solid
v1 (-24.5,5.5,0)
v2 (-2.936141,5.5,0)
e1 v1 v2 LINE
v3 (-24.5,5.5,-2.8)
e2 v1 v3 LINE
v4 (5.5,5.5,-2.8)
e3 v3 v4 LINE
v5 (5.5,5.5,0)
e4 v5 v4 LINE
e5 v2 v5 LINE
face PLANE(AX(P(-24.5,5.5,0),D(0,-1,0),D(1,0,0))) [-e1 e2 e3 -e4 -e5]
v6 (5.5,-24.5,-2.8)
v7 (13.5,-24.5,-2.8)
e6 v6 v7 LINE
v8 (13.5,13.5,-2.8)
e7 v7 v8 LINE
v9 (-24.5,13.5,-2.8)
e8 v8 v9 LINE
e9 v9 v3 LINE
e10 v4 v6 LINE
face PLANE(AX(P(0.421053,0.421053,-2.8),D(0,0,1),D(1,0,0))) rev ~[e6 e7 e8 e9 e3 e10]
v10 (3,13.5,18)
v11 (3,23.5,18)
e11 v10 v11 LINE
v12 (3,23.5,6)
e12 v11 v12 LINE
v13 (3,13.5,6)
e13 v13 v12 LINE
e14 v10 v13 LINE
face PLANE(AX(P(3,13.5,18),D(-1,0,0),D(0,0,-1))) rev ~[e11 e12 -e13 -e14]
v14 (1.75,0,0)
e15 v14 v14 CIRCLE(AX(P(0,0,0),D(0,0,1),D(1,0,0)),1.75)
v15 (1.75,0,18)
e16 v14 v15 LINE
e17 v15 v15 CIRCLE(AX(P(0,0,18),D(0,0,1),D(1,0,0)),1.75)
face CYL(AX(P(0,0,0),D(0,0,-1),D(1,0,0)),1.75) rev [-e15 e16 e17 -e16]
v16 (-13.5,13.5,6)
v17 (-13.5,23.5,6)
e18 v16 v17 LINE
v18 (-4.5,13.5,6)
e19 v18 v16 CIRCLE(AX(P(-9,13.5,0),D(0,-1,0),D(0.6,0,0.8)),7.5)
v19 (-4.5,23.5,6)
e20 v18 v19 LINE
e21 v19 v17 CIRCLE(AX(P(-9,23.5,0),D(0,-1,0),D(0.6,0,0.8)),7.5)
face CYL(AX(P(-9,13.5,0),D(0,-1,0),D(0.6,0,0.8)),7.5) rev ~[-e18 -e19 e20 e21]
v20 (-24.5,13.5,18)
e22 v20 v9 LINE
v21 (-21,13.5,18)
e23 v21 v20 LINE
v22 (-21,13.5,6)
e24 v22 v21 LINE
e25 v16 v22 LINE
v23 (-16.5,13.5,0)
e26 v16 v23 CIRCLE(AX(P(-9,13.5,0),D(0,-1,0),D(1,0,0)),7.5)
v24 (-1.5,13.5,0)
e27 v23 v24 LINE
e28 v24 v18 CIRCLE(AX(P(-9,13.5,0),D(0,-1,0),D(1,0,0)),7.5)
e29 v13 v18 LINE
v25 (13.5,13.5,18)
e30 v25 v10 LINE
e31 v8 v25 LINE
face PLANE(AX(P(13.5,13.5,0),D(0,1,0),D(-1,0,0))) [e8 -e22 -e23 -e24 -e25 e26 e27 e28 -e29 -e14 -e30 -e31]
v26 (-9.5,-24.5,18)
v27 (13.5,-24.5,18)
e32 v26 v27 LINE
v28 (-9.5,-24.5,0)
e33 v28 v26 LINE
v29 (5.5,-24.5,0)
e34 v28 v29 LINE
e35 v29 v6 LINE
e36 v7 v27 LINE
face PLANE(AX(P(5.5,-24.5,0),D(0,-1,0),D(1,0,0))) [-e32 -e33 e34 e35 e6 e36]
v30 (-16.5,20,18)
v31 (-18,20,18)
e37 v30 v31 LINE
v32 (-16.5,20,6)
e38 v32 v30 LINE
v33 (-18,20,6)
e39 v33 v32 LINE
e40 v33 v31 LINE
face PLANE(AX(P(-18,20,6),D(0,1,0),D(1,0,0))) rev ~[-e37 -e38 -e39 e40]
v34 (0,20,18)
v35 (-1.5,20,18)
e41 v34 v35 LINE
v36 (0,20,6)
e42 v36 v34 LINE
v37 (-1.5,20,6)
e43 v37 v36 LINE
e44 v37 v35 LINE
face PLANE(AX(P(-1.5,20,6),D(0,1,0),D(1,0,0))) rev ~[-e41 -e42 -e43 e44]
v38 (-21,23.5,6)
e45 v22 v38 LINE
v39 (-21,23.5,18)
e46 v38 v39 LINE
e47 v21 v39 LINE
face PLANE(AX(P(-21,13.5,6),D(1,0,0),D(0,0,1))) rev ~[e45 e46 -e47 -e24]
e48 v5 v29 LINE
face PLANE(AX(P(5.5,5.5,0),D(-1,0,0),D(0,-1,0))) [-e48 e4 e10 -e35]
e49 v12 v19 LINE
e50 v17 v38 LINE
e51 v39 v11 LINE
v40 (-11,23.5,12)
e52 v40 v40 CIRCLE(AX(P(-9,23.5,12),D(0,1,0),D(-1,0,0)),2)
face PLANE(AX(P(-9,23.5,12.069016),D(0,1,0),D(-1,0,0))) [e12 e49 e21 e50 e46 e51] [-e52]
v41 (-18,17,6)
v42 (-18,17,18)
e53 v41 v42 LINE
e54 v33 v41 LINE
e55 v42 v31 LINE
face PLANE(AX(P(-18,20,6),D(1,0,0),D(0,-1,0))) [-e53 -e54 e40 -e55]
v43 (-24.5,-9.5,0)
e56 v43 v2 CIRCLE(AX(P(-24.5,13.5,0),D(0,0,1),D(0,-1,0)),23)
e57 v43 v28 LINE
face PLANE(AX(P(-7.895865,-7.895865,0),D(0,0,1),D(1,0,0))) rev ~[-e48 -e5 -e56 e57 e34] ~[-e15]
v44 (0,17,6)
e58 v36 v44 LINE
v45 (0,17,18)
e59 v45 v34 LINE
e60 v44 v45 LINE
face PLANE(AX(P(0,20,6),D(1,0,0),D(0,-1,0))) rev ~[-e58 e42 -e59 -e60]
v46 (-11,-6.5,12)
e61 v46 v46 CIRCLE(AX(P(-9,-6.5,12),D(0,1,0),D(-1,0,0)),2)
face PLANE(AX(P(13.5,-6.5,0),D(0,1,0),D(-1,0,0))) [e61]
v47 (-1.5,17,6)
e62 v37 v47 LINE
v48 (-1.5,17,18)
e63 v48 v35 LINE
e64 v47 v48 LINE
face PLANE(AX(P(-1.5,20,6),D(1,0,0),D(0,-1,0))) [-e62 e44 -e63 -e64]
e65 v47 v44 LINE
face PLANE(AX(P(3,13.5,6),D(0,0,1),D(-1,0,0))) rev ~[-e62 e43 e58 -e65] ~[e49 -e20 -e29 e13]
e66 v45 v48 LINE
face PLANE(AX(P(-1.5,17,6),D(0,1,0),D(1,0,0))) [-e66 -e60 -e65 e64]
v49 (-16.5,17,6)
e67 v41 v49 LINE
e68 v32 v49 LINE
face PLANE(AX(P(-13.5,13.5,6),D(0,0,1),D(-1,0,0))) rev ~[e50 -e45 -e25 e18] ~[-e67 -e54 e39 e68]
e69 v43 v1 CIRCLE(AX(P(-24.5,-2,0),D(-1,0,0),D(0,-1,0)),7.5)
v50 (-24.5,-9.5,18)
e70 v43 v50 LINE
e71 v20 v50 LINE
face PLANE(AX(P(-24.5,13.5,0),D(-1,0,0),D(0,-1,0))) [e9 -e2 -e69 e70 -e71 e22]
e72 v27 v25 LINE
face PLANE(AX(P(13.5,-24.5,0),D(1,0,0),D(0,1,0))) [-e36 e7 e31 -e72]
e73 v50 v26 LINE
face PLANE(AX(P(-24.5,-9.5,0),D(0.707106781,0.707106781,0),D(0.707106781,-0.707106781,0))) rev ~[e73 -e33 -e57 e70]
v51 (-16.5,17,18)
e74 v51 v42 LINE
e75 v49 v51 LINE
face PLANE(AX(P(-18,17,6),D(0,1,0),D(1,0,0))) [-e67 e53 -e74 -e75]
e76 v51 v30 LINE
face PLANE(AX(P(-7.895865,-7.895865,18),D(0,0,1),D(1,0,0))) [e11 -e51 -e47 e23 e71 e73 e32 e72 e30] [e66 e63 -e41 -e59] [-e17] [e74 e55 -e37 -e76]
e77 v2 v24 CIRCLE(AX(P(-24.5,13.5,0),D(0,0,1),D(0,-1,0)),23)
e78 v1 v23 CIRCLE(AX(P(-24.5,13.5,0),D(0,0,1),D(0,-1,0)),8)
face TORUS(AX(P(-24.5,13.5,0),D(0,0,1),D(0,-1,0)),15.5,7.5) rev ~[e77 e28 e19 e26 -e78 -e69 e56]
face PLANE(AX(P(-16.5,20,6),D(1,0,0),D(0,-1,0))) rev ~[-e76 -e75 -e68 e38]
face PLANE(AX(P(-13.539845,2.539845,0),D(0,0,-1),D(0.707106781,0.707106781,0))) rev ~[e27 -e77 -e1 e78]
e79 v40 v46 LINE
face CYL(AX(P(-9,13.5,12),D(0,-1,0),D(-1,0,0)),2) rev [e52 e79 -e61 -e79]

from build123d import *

# Parameters (mm, degrees)
F0_R      = 1.75
F1_DEPTH  = 18
F2_DEPTH  = 2.8
F6_R      = 2
F7_DEPTH  = 10
F8_DEPTH  = 20
F9_W      = 1.5
F9_H      = 3
F10_DEPTH = 25


with BuildPart() as f1:
    # F0 (on Top) → F1 (new body)
    with BuildSketch(Plane.XY):
        Polygon((5.5, -24.5), (5.5, 0), (5.5, 5.5), (0, 5.5), (-24.5, 5.5), (-24.5, -9.5), (-9.5, -24.5), align=None)
        Circle(F0_R, mode=Mode.SUBTRACT)
        Polygon((5.5, 5.5), (5.5, 0), (5.5, -24.5), (13.5, -24.5), (13.5, 0), (13.5, 13.5), (0, 13.5), (-24.5, 13.5), (-24.5, 5.5), (0, 5.5), align=None)
    extrude(amount=F1_DEPTH)

    # F0 (on Top) → F2 (join)
    with BuildSketch(Plane.XY):
        Polygon((5.5, 5.5), (5.5, 0), (5.5, -24.5), (13.5, -24.5), (13.5, 0), (13.5, 13.5), (0, 13.5), (-24.5, 13.5), (-24.5, 5.5), (0, 5.5), align=None)
    extrude(amount=-F2_DEPTH)

    # F5: sweep along a path in F3
    with BuildLine(Plane.XY) as f5_path:
        ThreePointArc((-24.5, -2), (-13.5398448916, 2.5398448916), (-9, 13.5))
    # F4 (on face) → F5 (sweep, cut)
    with BuildSketch(Plane(origin=(-24.5, 0, 0), x_dir=(0, -1, 0), z_dir=(-1, 0, 0))):
        with BuildLine():
            Line((-5.5, 0), (9.5, 0))
            ThreePointArc((9.5, 0), (2, 7.5), (-5.5, 0))
        make_face()
    sweep(path=f5_path.line, mode=Mode.SUBTRACT)

    # F6 (on face) → F7 (join)
    with BuildSketch(Plane(origin=(0, 13.5, 0), x_dir=(-1, 0, 0), z_dir=(0, 1, 0))):
        with BuildLine():
            Line((21, 6), (21, 18))
            Line((21, 18), (-3, 18))
            Line((-3, 18), (-3, 6))
            Line((-3, 6), (4.5, 6))
            ThreePointArc((4.5, 6), (9, 7.5), (13.5, 6))
            Line((13.5, 6), (21, 6))
        make_face()
        with Locations((9, 12)):
            Circle(F6_R, mode=Mode.SUBTRACT)
    extrude(amount=F7_DEPTH)

    # F8 (cut): a face of the model
    f8_faces = [f1.faces().sort_by_distance(p)[0] for p in [
        (-9, 13.5, 12),
    ]]
    extrude(f8_faces, amount=-F8_DEPTH, mode=Mode.SUBTRACT)

    # F9 (on face) → F10 (cut)
    with BuildSketch(Plane(origin=(0, 0, 6), x_dir=(1, 0, 0), z_dir=(0, 0, -1))):
        with Locations((-17.25, -18.5)):
            Rectangle(F9_W, F9_H)
        with Locations((-0.75, -18.5)):
            Rectangle(F9_W, F9_H)
    extrude(amount=-F10_DEPTH, mode=Mode.SUBTRACT)


solid = f1.part
